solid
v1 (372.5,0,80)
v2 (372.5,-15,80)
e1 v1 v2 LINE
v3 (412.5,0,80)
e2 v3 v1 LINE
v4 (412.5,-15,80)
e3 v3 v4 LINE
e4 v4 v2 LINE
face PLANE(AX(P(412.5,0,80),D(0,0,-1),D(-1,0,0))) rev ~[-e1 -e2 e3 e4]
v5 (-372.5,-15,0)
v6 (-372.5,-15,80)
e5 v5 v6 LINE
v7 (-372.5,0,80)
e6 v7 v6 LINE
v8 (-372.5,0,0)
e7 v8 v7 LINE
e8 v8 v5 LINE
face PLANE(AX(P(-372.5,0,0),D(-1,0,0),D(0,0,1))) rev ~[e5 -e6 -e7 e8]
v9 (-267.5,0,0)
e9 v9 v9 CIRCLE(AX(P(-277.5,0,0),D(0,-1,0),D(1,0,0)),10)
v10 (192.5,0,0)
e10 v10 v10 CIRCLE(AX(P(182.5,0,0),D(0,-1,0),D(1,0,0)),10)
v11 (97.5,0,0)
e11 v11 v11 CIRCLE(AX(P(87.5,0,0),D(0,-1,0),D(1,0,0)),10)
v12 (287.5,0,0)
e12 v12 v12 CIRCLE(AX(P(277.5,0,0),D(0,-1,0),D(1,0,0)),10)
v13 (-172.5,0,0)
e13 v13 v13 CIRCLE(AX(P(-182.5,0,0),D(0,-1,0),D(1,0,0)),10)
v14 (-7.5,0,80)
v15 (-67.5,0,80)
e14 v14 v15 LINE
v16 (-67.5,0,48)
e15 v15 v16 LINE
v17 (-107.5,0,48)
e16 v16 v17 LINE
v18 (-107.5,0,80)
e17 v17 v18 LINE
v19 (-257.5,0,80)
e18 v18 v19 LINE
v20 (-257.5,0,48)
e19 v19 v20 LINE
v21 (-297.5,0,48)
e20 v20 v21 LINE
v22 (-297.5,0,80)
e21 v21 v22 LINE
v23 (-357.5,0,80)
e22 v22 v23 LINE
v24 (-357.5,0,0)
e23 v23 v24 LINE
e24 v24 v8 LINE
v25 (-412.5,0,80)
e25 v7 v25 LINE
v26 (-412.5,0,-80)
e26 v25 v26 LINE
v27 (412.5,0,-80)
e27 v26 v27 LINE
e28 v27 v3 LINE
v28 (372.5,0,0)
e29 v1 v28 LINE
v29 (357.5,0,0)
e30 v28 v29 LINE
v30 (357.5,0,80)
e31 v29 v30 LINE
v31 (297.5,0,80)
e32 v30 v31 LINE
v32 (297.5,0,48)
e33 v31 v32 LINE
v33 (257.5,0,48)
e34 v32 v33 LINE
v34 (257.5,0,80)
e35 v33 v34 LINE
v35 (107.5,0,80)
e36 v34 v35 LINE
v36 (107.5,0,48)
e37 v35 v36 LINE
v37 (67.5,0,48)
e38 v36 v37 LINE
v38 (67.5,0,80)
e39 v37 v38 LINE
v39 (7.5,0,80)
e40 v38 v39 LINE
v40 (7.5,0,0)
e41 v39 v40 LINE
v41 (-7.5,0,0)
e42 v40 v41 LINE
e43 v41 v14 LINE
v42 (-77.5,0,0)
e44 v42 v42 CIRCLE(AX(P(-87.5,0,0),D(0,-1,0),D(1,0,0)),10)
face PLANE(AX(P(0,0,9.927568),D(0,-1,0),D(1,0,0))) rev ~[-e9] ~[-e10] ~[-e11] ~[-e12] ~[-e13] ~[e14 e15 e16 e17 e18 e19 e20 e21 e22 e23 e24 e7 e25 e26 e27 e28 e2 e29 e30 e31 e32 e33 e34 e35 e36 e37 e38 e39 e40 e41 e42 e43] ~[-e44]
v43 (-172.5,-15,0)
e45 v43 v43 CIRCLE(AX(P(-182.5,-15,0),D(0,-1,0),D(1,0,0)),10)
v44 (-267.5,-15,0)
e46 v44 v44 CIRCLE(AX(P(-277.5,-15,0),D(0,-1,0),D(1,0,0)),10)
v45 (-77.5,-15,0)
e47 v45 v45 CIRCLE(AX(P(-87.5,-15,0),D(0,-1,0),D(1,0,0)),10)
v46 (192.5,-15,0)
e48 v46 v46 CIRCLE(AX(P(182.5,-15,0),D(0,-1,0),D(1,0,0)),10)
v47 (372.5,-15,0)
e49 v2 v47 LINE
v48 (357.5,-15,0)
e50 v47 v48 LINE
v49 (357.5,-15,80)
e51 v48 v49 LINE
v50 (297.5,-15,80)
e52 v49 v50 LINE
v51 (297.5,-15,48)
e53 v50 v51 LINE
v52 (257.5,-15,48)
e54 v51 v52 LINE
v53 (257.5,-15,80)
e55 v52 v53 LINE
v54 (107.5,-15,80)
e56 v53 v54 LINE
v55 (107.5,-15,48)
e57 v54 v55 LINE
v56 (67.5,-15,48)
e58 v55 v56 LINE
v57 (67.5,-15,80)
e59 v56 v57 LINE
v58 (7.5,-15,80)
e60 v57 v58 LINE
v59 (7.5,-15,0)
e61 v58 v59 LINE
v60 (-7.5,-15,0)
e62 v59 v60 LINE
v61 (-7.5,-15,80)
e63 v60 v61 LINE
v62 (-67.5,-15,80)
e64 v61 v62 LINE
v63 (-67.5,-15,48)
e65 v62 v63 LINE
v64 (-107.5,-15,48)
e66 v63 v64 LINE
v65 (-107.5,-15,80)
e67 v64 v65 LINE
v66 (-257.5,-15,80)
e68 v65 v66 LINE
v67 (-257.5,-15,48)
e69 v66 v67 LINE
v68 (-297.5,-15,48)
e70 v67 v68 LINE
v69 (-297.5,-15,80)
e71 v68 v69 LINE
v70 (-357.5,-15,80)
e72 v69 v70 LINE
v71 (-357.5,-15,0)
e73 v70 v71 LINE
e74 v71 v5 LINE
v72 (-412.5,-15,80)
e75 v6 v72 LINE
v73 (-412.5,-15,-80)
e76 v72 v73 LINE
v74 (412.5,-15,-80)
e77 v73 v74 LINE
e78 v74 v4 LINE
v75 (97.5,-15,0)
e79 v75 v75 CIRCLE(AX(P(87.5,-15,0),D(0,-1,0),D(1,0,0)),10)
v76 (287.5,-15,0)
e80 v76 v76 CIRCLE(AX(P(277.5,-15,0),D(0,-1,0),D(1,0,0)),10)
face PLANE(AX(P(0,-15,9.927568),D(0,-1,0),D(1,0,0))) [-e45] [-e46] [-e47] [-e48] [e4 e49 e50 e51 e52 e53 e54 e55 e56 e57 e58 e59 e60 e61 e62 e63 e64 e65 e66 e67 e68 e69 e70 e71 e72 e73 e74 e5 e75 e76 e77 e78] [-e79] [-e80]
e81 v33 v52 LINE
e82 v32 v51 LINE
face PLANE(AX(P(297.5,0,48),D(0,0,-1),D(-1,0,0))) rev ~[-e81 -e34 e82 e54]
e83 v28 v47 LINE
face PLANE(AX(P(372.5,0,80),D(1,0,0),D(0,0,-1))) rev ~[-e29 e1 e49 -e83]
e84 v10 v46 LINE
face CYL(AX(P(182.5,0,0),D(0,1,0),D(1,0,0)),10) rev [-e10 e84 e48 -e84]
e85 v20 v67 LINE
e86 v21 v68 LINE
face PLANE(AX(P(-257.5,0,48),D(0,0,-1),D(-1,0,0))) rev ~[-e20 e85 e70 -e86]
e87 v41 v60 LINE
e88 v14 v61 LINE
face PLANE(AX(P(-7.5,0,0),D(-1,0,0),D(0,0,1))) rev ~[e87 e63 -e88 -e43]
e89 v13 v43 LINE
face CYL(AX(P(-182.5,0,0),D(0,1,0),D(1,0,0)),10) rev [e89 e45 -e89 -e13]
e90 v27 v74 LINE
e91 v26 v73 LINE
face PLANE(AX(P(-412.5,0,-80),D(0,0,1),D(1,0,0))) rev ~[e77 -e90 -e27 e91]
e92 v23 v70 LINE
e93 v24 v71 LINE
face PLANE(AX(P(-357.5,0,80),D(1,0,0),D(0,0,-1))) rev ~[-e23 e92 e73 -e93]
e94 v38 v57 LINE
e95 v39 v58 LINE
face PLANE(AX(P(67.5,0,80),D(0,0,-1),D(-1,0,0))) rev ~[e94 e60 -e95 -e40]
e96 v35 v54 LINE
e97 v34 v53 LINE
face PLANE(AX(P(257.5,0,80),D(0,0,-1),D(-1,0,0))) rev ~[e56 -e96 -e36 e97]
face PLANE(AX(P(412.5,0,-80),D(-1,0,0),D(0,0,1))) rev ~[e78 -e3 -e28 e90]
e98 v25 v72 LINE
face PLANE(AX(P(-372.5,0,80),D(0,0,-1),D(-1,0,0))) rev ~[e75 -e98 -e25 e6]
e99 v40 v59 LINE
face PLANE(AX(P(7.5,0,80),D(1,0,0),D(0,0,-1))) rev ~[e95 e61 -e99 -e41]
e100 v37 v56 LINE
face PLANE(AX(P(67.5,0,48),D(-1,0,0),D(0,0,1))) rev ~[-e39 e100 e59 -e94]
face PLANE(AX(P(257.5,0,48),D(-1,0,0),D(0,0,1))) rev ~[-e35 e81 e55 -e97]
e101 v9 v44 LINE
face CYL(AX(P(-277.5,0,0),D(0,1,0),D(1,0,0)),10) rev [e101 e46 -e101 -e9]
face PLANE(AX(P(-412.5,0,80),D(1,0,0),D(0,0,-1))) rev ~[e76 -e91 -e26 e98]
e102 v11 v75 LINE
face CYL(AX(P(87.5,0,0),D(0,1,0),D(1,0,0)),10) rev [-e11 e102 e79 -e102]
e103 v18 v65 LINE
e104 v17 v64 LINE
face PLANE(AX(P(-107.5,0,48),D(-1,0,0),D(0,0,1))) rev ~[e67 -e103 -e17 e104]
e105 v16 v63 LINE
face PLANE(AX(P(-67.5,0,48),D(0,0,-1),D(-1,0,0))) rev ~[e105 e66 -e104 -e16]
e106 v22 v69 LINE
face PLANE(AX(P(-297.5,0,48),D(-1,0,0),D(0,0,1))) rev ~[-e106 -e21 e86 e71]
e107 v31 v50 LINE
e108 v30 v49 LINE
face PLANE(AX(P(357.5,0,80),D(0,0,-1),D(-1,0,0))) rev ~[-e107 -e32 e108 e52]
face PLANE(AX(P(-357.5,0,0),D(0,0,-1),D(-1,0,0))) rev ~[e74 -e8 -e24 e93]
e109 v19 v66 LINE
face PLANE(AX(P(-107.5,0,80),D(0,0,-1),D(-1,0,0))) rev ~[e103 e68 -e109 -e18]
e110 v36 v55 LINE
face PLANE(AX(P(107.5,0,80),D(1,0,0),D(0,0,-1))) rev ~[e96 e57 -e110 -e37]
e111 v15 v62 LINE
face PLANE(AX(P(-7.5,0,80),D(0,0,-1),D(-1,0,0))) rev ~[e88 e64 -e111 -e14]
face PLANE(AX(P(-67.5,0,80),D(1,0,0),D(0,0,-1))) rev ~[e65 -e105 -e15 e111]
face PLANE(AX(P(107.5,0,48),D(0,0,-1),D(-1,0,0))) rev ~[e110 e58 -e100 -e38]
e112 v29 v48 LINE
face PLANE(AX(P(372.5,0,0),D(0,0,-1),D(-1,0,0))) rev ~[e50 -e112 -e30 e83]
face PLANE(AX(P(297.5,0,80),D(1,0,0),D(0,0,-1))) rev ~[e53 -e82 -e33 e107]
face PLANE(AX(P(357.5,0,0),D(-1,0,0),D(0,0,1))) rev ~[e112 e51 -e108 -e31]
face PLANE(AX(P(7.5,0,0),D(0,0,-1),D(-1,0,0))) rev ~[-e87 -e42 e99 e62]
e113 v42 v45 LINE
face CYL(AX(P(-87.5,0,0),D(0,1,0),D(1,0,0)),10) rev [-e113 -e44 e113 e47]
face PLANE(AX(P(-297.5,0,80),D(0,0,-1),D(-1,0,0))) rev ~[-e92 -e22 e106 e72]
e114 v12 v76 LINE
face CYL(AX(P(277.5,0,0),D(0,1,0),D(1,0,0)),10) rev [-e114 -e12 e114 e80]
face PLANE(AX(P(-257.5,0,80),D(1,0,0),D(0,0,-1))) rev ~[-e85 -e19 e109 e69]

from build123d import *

# Parameters (mm, degrees)
F0_R     = 10
F1_DEPTH = 15


with BuildPart() as f1:
    # F0 (on Front) → F1 (new body)
    with BuildSketch(Plane.XZ):
        Polygon((-372.5, 80), (-412.5, 80), (-412.5, -80), (-332.5, -80), (332.5, -80), (412.5, -80), (412.5, 80), (372.5, 80), (372.5, 0), (357.5, 0), (357.5, 80), (297.5, 80), (297.5, 48), (257.5, 48), (257.5, 80), (107.5, 80), (107.5, 48), (67.5, 48), (67.5, 80), (7.5, 80), (7.5, 0), (-7.5, 0), (-7.5, 80), (-67.5, 80), (-67.5, 48), (-107.5, 48), (-107.5, 80), (-257.5, 80), (-257.5, 48), (-297.5, 48), (-297.5, 80), (-357.5, 80), (-357.5, 0), (-372.5, 0), align=None)
        with Locations((-277.5, 0)):
            Circle(F0_R, mode=Mode.SUBTRACT)
        with Locations((-182.5, 0)):
            Circle(F0_R, mode=Mode.SUBTRACT)
        with Locations((-87.5, 0)):
            Circle(F0_R, mode=Mode.SUBTRACT)
        with Locations((87.5, 0)):
            Circle(F0_R, mode=Mode.SUBTRACT)
        with Locations((182.5, 0)):
            Circle(F0_R, mode=Mode.SUBTRACT)
        with Locations((277.5, 0)):
            Circle(F0_R, mode=Mode.SUBTRACT)
    extrude(amount=F1_DEPTH)


solid = f1.part
